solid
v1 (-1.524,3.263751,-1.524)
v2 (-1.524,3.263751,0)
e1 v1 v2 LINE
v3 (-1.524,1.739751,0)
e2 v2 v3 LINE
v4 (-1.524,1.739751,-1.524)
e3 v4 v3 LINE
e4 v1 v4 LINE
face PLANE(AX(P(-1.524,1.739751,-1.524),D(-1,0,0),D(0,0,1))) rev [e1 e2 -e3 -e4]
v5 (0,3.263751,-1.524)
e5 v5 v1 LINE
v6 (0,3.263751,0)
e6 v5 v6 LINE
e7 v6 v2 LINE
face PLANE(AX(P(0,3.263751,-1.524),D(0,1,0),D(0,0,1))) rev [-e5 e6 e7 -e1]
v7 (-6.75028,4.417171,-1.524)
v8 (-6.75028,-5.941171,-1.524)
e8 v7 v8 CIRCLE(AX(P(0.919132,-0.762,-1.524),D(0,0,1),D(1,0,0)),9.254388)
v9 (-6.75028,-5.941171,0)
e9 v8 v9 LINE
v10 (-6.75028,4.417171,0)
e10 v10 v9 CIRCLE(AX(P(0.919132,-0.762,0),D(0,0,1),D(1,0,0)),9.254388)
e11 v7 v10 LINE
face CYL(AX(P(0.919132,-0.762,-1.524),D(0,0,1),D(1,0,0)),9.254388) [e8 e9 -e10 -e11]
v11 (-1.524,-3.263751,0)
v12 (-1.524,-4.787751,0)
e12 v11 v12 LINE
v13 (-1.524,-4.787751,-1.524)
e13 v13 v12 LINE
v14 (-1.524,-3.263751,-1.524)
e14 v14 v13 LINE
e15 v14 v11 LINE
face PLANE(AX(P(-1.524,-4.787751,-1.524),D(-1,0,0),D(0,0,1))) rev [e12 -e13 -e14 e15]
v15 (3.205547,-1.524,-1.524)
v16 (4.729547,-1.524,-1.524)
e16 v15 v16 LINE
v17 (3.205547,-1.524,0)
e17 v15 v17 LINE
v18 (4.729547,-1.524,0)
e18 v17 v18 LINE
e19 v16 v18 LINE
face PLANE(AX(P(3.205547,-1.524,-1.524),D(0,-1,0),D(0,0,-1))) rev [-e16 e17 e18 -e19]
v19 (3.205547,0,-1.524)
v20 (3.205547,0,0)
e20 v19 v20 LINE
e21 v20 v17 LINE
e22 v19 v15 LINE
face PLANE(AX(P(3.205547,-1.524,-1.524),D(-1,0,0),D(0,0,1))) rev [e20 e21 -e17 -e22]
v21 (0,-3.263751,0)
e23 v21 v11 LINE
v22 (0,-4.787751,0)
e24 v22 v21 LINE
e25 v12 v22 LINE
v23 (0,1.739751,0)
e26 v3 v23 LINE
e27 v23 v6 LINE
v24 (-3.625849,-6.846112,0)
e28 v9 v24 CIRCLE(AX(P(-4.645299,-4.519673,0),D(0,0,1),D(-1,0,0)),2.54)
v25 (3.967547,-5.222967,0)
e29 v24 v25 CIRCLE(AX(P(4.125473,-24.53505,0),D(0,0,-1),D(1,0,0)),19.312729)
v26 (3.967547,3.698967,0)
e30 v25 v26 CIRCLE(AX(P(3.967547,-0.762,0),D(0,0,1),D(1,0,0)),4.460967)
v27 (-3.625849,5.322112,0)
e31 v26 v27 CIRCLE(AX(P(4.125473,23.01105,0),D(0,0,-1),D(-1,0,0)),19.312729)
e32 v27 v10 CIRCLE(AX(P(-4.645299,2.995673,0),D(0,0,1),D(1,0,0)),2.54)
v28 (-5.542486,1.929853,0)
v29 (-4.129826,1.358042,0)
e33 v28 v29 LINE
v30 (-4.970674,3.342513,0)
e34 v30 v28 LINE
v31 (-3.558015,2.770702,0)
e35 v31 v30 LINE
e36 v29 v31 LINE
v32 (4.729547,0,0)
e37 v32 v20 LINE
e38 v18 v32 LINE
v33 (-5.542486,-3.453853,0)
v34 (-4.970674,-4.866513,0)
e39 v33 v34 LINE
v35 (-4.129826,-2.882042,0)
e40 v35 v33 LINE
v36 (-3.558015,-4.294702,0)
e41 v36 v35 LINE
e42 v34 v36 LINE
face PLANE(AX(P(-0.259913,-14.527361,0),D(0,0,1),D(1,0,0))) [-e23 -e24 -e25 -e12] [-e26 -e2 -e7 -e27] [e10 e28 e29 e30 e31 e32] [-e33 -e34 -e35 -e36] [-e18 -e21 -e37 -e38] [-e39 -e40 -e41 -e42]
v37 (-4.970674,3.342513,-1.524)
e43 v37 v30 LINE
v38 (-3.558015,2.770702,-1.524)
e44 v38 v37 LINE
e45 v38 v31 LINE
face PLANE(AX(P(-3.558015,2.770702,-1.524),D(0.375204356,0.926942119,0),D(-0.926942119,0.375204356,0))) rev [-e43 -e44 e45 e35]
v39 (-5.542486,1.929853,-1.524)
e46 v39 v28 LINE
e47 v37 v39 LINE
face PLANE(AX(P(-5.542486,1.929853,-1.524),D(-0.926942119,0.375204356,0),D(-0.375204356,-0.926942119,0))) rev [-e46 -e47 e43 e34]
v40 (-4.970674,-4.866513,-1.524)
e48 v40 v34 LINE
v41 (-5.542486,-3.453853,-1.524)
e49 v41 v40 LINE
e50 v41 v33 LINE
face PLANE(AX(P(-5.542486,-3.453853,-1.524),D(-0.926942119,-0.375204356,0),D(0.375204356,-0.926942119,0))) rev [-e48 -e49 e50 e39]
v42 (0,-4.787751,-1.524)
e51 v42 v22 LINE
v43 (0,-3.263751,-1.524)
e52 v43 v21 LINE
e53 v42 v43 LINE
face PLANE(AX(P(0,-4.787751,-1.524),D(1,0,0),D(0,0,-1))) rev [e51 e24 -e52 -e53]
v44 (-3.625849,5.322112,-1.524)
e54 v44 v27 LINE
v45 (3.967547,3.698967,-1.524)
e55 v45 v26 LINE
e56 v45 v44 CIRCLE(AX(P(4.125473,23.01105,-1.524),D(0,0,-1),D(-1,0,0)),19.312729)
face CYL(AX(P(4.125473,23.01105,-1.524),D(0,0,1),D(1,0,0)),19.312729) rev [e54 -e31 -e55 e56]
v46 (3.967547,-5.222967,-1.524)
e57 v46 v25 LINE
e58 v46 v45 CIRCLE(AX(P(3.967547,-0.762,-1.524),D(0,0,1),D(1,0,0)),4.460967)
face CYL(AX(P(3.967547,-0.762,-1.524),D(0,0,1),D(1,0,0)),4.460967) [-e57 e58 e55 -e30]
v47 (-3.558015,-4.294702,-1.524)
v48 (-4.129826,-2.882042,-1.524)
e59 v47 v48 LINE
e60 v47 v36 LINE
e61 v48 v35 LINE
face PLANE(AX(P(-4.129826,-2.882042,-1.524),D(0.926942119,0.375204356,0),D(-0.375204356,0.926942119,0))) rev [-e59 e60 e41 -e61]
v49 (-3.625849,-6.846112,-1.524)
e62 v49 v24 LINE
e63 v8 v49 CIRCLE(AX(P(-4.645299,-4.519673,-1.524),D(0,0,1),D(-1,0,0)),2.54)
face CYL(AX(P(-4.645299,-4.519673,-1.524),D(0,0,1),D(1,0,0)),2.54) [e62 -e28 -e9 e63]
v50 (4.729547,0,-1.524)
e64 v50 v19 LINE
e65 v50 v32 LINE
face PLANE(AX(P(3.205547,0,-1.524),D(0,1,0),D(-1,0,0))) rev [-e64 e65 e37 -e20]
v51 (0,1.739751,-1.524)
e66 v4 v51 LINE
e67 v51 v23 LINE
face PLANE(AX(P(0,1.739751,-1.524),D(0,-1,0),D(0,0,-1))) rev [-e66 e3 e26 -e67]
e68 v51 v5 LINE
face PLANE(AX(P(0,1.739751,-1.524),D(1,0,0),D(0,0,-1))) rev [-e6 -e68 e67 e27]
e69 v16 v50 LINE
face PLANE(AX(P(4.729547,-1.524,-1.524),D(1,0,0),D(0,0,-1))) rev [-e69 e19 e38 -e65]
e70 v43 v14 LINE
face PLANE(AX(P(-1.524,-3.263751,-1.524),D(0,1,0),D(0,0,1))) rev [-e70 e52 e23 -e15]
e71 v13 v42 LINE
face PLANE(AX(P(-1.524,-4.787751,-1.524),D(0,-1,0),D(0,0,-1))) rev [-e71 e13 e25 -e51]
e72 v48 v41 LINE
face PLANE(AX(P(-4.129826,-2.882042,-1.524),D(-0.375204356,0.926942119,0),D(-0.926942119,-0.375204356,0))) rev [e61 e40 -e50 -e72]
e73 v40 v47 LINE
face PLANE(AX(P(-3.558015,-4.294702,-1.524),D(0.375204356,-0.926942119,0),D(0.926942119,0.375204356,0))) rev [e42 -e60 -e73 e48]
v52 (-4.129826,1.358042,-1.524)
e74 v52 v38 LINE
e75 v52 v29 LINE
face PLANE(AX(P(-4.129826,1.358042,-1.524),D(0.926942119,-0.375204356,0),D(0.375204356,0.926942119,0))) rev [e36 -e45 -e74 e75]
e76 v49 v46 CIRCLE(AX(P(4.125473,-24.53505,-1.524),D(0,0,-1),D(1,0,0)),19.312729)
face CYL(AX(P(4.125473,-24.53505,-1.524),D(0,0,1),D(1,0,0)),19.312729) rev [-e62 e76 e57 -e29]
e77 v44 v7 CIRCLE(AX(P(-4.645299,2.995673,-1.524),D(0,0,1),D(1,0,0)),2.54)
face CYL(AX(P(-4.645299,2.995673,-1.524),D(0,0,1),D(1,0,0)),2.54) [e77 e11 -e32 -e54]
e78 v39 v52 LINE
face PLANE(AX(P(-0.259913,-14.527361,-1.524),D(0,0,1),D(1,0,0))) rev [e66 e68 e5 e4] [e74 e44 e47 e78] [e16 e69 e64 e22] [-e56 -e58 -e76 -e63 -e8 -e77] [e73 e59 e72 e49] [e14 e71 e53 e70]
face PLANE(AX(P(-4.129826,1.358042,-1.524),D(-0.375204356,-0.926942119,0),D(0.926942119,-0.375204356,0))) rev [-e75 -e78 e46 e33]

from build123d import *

# Parameters (mm, degrees)
SKETCH1_W           = 1.524
SKETCH1_H           = 1.524
BOSS_EXTRUDE1_DEPTH = 1.524


with BuildPart() as part:
    # Sketch1 → Boss-Extrude1 (new body)
    with BuildSketch(Plane.XY):
        with BuildLine():
            ThreePointArc((-3.625849071, -6.846112432), (-5.351927636, -6.959401294), (-6.750279516, -5.941170673))
            ThreePointArc((-6.750279516, -5.941170673), (-8.335255099, -0.762), (-6.750279516, 4.417170673))
            ThreePointArc((-6.750279516, 4.417170673), (-5.351927636, 5.435401294), (-3.625849071, 5.322112432))
            ThreePointArc((-3.625849071, 5.322112432), (0.088431716, 4.124975631), (3.96754689, 3.69896653))
            ThreePointArc((3.96754689, 3.69896653), (8.42851342, -0.762), (3.96754689, -5.22296653))
            ThreePointArc((3.96754689, -5.22296653), (0.088431716, -5.648975631), (-3.625849071, -6.846112432))
        make_face()
        with Locations((-0.762, -4.025750638)):
            Rectangle(SKETCH1_W, SKETCH1_H, mode=Mode.SUBTRACT)
        with Locations((-0.762, 2.501750638)):
            Rectangle(SKETCH1_W, SKETCH1_H, mode=Mode.SUBTRACT)
        with Locations((3.96754689, -0.762)):
            Rectangle(SKETCH1_W, SKETCH1_H, mode=Mode.SUBTRACT)
        Polygon((-5.542485833, 1.929853233), (-4.970674394, 3.342513022), (-3.558014606, 2.770701583), (-4.129826044, 1.358041795), align=None, mode=Mode.SUBTRACT)
        Polygon((-4.129826044, -2.882041795), (-5.542485833, -3.453853233), (-4.970674394, -4.866513022), (-3.558014606, -4.294701583), align=None, mode=Mode.SUBTRACT)
    extrude(amount=-BOSS_EXTRUDE1_DEPTH)


solid = part.part
